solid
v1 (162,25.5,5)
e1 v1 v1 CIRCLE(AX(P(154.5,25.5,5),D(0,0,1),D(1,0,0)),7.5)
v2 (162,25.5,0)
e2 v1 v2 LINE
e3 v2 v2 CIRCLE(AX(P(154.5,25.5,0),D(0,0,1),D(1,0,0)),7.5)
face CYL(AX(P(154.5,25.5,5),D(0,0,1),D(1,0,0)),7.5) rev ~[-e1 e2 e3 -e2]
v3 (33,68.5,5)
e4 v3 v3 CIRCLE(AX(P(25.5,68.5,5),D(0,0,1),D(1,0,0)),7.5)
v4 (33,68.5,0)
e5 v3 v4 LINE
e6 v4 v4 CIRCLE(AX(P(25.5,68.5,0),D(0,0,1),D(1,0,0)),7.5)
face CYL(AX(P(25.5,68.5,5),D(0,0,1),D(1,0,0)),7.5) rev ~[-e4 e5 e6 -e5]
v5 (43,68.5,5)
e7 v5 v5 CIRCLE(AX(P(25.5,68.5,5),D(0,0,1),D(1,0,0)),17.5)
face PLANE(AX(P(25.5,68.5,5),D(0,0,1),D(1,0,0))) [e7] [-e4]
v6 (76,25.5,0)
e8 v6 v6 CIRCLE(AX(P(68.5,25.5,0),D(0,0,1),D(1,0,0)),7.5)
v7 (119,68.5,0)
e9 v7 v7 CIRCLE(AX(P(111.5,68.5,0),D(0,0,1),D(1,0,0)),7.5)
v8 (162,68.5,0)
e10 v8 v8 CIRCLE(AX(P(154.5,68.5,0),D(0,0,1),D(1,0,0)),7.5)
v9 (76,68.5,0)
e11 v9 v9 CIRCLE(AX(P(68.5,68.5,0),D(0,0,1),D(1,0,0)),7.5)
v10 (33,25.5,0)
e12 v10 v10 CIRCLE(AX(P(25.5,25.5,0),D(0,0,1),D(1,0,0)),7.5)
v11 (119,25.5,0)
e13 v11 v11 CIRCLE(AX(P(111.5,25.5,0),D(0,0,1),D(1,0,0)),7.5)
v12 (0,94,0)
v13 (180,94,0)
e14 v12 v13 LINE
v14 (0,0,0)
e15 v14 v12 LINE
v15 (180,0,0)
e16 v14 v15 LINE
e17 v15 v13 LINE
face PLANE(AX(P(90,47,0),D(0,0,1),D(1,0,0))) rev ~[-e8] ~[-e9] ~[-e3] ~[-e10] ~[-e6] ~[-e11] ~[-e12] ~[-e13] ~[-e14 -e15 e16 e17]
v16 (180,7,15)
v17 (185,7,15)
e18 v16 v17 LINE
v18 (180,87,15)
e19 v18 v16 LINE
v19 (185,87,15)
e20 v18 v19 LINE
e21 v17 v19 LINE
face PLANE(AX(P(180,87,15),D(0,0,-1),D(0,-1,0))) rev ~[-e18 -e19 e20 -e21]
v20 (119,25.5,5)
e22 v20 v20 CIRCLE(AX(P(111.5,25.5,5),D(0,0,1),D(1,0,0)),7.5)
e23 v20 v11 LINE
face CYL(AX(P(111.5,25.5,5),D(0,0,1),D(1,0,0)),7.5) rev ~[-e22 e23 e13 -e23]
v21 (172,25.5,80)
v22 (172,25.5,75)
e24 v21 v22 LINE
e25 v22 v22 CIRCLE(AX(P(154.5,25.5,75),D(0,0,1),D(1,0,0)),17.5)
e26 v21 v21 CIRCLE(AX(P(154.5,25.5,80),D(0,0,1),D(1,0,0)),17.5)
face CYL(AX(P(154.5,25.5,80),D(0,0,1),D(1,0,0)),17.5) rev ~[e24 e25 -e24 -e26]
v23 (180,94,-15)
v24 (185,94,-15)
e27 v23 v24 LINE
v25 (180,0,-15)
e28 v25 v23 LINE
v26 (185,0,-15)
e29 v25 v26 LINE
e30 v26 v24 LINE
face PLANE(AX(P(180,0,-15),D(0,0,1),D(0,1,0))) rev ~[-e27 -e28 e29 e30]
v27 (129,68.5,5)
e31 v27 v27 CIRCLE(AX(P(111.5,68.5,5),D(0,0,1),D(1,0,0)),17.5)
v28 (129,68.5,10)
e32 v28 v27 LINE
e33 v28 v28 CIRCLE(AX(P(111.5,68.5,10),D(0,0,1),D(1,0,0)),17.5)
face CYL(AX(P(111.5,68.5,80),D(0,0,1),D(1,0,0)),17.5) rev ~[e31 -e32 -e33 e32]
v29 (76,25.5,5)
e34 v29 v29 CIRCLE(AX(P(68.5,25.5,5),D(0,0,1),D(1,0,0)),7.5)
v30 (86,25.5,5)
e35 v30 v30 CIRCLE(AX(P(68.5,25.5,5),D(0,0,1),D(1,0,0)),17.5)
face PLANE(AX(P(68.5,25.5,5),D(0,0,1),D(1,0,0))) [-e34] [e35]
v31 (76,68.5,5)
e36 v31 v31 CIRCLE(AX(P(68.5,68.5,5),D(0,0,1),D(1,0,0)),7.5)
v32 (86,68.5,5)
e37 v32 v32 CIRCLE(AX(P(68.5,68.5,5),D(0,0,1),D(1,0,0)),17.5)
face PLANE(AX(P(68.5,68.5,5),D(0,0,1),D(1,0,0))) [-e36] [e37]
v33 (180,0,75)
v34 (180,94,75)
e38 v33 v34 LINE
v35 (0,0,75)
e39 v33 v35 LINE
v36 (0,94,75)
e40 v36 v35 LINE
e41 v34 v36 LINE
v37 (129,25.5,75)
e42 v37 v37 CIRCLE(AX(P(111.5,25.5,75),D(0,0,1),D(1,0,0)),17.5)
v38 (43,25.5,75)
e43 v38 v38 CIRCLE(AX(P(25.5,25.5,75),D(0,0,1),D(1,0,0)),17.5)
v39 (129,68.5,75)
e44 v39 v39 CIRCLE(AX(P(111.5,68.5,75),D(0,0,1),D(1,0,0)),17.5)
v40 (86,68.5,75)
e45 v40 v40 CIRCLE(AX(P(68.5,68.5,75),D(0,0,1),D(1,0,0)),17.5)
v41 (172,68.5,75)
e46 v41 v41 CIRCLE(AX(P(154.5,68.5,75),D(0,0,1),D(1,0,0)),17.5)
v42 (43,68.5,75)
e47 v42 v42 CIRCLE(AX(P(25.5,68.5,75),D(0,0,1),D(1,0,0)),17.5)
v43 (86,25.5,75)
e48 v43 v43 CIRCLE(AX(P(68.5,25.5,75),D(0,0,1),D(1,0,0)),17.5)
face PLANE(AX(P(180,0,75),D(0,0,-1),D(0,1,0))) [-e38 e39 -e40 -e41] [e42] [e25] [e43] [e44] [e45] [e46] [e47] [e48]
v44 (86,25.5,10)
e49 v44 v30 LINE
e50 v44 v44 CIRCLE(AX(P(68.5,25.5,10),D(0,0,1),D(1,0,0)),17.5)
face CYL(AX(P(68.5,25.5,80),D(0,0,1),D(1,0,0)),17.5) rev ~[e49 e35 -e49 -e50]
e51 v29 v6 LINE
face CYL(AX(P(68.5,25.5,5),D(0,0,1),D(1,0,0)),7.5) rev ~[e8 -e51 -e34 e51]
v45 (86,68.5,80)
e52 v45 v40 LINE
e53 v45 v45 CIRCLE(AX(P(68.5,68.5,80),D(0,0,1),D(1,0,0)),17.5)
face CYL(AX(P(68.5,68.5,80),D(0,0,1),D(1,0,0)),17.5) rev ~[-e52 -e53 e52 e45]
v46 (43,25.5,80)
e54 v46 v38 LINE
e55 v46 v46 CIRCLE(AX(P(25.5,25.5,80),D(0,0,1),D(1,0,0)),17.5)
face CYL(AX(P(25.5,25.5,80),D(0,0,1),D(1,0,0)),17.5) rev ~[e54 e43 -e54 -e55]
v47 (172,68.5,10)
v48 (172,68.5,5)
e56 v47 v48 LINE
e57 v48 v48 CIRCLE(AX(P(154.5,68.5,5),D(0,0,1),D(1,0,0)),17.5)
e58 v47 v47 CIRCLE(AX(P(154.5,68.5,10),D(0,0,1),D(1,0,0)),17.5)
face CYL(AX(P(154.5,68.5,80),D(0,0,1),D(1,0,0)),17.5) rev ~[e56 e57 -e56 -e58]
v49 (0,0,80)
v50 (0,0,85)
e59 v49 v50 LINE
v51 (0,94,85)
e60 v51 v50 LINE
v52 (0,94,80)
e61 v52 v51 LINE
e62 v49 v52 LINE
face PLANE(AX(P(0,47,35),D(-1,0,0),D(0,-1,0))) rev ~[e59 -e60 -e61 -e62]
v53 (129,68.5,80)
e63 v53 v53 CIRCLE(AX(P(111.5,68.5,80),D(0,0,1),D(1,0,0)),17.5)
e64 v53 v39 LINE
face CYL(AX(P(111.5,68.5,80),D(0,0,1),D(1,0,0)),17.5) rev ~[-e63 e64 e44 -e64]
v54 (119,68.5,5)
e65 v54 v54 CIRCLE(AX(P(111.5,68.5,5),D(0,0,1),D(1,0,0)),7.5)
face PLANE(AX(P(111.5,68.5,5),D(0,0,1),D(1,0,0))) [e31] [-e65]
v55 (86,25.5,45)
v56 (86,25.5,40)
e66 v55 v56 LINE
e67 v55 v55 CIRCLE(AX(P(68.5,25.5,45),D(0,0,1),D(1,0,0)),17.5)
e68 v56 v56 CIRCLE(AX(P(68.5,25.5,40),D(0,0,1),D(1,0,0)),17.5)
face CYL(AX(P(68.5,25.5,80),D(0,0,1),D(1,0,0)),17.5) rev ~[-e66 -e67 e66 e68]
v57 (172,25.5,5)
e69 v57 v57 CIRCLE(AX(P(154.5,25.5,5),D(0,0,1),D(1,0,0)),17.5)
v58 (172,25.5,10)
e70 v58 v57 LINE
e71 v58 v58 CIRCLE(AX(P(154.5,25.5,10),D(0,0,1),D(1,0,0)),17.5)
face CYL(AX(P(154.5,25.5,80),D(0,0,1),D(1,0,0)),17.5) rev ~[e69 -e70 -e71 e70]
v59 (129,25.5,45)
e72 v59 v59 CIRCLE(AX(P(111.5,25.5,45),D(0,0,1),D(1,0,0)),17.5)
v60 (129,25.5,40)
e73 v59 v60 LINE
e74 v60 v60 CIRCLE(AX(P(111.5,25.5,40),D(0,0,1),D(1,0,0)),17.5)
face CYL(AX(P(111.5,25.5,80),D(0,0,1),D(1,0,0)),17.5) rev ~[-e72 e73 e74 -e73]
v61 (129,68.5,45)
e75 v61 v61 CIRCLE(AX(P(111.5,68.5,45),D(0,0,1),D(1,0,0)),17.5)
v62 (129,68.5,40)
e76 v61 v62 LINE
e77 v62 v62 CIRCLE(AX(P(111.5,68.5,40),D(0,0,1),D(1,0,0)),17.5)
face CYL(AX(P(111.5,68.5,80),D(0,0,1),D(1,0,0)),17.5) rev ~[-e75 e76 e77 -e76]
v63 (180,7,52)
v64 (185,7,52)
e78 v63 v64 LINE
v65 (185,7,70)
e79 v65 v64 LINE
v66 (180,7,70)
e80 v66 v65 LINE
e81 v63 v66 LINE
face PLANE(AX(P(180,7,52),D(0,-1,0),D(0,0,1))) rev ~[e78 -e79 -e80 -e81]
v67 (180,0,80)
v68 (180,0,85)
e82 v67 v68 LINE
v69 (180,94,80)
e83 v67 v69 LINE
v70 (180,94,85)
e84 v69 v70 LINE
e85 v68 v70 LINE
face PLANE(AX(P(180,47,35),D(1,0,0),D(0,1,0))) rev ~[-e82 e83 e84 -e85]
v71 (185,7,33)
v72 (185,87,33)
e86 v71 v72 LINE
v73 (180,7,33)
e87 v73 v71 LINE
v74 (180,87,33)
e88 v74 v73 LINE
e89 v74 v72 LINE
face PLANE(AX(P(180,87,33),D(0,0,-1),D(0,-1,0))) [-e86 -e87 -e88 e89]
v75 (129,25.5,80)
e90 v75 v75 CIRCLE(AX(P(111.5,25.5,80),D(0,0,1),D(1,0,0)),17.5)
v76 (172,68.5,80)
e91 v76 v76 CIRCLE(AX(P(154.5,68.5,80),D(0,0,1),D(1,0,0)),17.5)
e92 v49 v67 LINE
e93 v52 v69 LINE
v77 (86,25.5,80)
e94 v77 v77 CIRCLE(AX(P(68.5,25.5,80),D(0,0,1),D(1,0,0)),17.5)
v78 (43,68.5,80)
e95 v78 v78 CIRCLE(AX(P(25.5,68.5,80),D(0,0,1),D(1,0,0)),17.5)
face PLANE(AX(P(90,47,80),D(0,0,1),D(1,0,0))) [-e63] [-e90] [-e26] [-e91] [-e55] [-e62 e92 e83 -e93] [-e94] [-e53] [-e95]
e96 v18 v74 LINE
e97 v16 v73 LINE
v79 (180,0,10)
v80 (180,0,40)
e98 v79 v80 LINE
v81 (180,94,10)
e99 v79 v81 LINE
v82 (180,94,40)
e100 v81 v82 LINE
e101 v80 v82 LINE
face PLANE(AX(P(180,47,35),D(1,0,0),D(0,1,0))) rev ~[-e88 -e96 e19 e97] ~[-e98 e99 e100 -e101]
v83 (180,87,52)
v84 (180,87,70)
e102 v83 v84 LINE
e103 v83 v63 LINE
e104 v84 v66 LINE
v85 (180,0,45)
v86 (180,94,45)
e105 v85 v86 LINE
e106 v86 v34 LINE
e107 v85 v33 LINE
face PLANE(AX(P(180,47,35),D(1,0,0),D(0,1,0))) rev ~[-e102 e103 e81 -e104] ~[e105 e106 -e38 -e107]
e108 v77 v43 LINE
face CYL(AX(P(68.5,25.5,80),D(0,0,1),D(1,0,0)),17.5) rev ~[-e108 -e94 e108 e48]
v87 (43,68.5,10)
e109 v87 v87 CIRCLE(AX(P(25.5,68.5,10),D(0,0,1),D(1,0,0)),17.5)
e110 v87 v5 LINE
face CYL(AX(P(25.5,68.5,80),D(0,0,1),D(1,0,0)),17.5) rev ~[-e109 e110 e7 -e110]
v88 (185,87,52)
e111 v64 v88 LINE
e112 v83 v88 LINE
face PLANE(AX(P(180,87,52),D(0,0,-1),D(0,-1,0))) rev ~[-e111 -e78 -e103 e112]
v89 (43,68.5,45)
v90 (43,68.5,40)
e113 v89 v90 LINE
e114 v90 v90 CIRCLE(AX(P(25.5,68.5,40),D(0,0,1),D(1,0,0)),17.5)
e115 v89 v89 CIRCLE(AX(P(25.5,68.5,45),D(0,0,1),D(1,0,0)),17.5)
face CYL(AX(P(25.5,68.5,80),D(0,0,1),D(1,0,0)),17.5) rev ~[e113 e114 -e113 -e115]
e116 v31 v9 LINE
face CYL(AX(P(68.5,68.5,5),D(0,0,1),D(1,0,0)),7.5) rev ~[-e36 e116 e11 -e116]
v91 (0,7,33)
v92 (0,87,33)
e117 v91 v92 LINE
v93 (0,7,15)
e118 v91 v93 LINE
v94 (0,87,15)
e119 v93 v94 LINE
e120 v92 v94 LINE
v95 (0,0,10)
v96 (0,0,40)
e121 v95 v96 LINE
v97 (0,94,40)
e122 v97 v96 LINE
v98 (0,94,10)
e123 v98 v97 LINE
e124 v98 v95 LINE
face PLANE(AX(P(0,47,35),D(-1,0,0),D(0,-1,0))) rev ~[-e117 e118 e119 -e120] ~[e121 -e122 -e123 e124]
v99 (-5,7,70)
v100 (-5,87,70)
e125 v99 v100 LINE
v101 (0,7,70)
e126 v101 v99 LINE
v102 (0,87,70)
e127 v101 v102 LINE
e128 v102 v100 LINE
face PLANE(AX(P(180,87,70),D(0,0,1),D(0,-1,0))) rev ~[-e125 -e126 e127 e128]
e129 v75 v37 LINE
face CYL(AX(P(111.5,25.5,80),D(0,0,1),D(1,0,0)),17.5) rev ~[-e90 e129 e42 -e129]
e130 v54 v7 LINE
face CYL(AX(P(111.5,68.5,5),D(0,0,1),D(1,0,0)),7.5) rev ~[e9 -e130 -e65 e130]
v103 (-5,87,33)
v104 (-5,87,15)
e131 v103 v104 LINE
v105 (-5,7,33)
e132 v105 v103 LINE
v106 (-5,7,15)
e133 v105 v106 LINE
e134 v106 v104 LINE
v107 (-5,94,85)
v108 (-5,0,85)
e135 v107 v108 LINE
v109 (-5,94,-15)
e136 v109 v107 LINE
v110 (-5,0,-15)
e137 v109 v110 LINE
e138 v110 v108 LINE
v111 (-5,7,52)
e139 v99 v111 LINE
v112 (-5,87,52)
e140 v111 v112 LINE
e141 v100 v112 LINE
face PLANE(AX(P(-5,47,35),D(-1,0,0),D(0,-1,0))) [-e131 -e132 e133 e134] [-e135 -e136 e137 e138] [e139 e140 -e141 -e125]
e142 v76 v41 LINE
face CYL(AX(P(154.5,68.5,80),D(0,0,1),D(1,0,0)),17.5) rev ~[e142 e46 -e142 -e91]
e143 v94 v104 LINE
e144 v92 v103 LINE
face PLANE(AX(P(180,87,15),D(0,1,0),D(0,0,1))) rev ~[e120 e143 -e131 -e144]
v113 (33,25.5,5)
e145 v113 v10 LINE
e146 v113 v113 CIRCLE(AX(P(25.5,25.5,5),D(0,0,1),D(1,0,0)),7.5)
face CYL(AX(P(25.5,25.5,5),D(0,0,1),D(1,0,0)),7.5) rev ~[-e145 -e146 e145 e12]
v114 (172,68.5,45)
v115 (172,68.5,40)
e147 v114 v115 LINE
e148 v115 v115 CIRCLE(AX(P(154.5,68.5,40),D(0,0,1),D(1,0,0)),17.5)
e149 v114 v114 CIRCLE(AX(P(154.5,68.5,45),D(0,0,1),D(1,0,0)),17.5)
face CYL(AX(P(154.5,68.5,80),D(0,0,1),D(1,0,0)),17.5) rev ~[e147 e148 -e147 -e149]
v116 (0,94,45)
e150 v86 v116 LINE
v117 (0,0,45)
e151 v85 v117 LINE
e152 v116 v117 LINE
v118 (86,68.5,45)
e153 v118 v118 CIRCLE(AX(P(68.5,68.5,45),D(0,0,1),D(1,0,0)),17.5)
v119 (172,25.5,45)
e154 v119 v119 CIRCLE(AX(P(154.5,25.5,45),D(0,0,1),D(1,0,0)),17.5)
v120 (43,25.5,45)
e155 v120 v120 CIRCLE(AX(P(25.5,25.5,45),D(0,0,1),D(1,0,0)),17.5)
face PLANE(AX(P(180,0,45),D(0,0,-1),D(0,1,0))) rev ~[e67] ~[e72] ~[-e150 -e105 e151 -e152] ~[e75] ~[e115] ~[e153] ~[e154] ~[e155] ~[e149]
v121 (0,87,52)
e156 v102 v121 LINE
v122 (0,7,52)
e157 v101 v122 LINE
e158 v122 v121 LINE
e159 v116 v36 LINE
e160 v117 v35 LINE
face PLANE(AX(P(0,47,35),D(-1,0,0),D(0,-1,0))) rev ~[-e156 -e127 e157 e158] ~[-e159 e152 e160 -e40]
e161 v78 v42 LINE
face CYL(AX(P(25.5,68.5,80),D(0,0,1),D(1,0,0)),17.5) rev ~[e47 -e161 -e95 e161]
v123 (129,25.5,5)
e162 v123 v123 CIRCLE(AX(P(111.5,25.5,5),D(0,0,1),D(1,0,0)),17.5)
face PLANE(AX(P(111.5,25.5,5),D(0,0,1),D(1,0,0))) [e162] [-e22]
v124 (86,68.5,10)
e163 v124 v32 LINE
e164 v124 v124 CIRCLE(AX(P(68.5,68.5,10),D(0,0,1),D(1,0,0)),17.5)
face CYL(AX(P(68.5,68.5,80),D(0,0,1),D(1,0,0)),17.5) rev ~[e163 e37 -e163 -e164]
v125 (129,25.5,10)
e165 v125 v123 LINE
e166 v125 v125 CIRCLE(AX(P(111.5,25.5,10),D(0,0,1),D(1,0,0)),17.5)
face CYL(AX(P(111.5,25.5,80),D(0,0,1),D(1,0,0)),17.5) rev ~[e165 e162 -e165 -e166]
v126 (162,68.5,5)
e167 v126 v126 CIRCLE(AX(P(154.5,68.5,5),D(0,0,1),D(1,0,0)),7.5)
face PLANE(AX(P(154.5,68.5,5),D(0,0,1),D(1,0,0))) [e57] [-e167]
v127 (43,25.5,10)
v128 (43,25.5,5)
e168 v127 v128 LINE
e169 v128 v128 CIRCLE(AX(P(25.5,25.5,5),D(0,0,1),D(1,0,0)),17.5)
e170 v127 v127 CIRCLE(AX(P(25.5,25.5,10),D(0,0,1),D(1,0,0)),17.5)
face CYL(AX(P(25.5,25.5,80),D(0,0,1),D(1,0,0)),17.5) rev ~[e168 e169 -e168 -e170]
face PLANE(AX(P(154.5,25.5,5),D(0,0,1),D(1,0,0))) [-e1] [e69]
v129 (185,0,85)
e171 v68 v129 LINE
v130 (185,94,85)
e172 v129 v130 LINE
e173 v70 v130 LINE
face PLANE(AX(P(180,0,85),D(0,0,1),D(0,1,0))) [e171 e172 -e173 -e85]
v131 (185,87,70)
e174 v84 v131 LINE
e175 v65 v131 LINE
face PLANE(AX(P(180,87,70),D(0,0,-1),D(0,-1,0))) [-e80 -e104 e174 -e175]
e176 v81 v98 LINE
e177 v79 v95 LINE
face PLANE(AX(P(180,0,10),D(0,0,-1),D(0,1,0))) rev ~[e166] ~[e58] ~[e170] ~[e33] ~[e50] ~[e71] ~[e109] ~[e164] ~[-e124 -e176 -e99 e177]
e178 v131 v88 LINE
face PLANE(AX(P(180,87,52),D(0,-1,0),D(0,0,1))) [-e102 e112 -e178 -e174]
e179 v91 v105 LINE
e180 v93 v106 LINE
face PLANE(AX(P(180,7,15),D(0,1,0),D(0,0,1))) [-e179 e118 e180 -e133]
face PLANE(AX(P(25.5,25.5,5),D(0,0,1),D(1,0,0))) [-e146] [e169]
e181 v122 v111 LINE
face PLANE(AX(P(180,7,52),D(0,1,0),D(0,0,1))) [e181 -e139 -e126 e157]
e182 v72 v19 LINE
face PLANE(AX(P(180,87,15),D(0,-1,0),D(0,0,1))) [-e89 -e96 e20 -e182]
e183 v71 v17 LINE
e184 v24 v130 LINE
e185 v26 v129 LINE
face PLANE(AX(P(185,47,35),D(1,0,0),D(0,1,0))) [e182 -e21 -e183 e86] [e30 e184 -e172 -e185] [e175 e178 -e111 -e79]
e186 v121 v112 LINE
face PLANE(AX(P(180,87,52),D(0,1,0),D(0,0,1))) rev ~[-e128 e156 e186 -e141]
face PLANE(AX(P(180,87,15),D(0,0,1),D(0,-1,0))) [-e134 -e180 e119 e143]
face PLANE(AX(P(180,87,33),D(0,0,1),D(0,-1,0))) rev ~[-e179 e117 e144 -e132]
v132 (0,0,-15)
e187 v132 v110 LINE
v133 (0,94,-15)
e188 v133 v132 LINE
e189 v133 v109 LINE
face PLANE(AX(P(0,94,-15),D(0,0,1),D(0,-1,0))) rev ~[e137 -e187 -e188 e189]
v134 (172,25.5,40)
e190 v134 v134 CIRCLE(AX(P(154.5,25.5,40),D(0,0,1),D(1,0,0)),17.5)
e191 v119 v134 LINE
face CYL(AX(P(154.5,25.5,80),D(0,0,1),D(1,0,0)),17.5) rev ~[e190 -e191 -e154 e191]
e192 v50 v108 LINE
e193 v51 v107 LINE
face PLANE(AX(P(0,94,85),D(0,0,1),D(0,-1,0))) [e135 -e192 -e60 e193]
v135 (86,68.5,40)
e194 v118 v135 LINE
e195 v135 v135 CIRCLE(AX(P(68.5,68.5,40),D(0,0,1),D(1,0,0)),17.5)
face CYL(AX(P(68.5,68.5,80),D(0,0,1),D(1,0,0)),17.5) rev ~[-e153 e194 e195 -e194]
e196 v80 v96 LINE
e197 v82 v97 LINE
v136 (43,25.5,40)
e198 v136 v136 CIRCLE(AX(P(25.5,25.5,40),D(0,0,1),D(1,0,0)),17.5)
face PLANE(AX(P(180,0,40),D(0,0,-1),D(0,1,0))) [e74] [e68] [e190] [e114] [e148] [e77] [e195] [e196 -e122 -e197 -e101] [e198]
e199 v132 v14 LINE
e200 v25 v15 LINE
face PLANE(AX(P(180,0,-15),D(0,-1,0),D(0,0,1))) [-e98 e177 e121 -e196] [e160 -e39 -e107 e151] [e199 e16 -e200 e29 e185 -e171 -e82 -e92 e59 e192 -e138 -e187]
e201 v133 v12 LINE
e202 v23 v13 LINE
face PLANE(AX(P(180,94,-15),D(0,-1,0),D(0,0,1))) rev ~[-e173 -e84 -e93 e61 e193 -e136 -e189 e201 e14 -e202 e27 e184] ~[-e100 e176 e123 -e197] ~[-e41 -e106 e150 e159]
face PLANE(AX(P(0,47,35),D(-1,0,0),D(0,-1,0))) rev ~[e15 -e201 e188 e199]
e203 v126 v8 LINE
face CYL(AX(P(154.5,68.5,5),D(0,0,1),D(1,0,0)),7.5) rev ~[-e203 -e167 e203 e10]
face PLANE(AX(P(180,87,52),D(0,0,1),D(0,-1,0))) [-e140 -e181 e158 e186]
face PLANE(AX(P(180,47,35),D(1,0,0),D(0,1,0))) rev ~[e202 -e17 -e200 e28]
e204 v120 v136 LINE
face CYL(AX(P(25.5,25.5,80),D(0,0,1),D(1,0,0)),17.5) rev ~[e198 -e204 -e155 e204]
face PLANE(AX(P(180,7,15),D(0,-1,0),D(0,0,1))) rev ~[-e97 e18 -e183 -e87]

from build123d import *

# Parameters (mm, degrees)
F0_W           = 180
F0_H           = 94
F1_DEPTH       = 80
F2_R           = 17.5
F3_DEPTH       = 75
F4_W           = 94
F4_H           = 30
F5_DEPTH       = 180.001
F6_W           = 94
F6_H           = 100
F7_DEPTH       = 5
F8_W           = 94
F8_H           = 100
F9_DEPTH       = 5
F10_R          = 7.5
F11_DEPTH      = 25
F12_W          = 80
F12_H          = 18
F13_DEPTH      = 5.001
F13_DEPTH_BACK = 185.001


with BuildPart() as f1:
    # F0 (on Top) → F1 (new body)
    with BuildSketch(Plane.XY):
        with Locations((90, 47)):
            Rectangle(F0_W, F0_H)
    extrude(amount=F1_DEPTH)

    # F2 (on face) → F3 (cut)
    with BuildSketch(Plane.XY.offset(80)):
        with Locations((25.5, 25.5)):
            Circle(F2_R)
        with Locations((25.5, 68.5)):
            Circle(F2_R)
        with Locations((68.5, 25.5)):
            Circle(F2_R)
        with Locations((68.5, 68.5)):
            Circle(F2_R)
        with Locations((111.5, 25.5)):
            Circle(F2_R)
        with Locations((111.5, 68.5)):
            Circle(F2_R)
        with Locations((154.5, 25.5)):
            Circle(F2_R)
        with Locations((154.5, 68.5)):
            Circle(F2_R)
    extrude(amount=-F3_DEPTH, mode=Mode.SUBTRACT)

    # F4 (on face) → F5 (cut, through all)
    with BuildSketch(Plane.YZ.offset(180)):
        with Locations((47, 60)):
            Rectangle(F4_W, F4_H)
        with Locations((47, 25)):
            Rectangle(F4_W, F4_H)
    extrude(amount=-F5_DEPTH, mode=Mode.SUBTRACT)

    # F6 (on face) → F7 (join)
    with BuildSketch(Plane(origin=(0, 0, 0), x_dir=(0, -1, 0), z_dir=(-1, 0, 0))):
        with Locations((-47, 35)):
            Rectangle(F6_W, F6_H)
    extrude(amount=F7_DEPTH)

    # F8 (on face) → F9 (join)
    with BuildSketch(Plane.YZ.offset(180)):
        with Locations((47, 35)):
            Rectangle(F8_W, F8_H)
    extrude(amount=F9_DEPTH)

    # F10 (on face) → F11 (cut)
    with BuildSketch(Plane.XY.offset(5)):
        with Locations((25.5, 25.5)):
            Circle(F10_R)
        with Locations((25.5, 68.5)):
            Circle(F10_R)
        with Locations((68.5, 25.5)):
            Circle(F10_R)
        with Locations((68.5, 68.5)):
            Circle(F10_R)
        with Locations((111.5, 25.5)):
            Circle(F10_R)
        with Locations((111.5, 68.5)):
            Circle(F10_R)
        with Locations((154.5, 25.5)):
            Circle(F10_R)
        with Locations((154.5, 68.5)):
            Circle(F10_R)
    extrude(amount=-F11_DEPTH, mode=Mode.SUBTRACT)

    # F12 (on face) → F13 (cut, two sides)
    with BuildSketch(Plane(origin=(180, 0, 0), x_dir=(0, -1, 0), z_dir=(-1, 0, 0))) as f13_sk:
        with Locations((-47, 61)):
            Rectangle(F12_W, F12_H)
        with Locations((-47, 24)):
            Rectangle(F12_W, F12_H)
    extrude(amount=-F13_DEPTH, mode=Mode.SUBTRACT)
    extrude(f13_sk.sketch, amount=F13_DEPTH_BACK, mode=Mode.SUBTRACT)


solid = f1.part
